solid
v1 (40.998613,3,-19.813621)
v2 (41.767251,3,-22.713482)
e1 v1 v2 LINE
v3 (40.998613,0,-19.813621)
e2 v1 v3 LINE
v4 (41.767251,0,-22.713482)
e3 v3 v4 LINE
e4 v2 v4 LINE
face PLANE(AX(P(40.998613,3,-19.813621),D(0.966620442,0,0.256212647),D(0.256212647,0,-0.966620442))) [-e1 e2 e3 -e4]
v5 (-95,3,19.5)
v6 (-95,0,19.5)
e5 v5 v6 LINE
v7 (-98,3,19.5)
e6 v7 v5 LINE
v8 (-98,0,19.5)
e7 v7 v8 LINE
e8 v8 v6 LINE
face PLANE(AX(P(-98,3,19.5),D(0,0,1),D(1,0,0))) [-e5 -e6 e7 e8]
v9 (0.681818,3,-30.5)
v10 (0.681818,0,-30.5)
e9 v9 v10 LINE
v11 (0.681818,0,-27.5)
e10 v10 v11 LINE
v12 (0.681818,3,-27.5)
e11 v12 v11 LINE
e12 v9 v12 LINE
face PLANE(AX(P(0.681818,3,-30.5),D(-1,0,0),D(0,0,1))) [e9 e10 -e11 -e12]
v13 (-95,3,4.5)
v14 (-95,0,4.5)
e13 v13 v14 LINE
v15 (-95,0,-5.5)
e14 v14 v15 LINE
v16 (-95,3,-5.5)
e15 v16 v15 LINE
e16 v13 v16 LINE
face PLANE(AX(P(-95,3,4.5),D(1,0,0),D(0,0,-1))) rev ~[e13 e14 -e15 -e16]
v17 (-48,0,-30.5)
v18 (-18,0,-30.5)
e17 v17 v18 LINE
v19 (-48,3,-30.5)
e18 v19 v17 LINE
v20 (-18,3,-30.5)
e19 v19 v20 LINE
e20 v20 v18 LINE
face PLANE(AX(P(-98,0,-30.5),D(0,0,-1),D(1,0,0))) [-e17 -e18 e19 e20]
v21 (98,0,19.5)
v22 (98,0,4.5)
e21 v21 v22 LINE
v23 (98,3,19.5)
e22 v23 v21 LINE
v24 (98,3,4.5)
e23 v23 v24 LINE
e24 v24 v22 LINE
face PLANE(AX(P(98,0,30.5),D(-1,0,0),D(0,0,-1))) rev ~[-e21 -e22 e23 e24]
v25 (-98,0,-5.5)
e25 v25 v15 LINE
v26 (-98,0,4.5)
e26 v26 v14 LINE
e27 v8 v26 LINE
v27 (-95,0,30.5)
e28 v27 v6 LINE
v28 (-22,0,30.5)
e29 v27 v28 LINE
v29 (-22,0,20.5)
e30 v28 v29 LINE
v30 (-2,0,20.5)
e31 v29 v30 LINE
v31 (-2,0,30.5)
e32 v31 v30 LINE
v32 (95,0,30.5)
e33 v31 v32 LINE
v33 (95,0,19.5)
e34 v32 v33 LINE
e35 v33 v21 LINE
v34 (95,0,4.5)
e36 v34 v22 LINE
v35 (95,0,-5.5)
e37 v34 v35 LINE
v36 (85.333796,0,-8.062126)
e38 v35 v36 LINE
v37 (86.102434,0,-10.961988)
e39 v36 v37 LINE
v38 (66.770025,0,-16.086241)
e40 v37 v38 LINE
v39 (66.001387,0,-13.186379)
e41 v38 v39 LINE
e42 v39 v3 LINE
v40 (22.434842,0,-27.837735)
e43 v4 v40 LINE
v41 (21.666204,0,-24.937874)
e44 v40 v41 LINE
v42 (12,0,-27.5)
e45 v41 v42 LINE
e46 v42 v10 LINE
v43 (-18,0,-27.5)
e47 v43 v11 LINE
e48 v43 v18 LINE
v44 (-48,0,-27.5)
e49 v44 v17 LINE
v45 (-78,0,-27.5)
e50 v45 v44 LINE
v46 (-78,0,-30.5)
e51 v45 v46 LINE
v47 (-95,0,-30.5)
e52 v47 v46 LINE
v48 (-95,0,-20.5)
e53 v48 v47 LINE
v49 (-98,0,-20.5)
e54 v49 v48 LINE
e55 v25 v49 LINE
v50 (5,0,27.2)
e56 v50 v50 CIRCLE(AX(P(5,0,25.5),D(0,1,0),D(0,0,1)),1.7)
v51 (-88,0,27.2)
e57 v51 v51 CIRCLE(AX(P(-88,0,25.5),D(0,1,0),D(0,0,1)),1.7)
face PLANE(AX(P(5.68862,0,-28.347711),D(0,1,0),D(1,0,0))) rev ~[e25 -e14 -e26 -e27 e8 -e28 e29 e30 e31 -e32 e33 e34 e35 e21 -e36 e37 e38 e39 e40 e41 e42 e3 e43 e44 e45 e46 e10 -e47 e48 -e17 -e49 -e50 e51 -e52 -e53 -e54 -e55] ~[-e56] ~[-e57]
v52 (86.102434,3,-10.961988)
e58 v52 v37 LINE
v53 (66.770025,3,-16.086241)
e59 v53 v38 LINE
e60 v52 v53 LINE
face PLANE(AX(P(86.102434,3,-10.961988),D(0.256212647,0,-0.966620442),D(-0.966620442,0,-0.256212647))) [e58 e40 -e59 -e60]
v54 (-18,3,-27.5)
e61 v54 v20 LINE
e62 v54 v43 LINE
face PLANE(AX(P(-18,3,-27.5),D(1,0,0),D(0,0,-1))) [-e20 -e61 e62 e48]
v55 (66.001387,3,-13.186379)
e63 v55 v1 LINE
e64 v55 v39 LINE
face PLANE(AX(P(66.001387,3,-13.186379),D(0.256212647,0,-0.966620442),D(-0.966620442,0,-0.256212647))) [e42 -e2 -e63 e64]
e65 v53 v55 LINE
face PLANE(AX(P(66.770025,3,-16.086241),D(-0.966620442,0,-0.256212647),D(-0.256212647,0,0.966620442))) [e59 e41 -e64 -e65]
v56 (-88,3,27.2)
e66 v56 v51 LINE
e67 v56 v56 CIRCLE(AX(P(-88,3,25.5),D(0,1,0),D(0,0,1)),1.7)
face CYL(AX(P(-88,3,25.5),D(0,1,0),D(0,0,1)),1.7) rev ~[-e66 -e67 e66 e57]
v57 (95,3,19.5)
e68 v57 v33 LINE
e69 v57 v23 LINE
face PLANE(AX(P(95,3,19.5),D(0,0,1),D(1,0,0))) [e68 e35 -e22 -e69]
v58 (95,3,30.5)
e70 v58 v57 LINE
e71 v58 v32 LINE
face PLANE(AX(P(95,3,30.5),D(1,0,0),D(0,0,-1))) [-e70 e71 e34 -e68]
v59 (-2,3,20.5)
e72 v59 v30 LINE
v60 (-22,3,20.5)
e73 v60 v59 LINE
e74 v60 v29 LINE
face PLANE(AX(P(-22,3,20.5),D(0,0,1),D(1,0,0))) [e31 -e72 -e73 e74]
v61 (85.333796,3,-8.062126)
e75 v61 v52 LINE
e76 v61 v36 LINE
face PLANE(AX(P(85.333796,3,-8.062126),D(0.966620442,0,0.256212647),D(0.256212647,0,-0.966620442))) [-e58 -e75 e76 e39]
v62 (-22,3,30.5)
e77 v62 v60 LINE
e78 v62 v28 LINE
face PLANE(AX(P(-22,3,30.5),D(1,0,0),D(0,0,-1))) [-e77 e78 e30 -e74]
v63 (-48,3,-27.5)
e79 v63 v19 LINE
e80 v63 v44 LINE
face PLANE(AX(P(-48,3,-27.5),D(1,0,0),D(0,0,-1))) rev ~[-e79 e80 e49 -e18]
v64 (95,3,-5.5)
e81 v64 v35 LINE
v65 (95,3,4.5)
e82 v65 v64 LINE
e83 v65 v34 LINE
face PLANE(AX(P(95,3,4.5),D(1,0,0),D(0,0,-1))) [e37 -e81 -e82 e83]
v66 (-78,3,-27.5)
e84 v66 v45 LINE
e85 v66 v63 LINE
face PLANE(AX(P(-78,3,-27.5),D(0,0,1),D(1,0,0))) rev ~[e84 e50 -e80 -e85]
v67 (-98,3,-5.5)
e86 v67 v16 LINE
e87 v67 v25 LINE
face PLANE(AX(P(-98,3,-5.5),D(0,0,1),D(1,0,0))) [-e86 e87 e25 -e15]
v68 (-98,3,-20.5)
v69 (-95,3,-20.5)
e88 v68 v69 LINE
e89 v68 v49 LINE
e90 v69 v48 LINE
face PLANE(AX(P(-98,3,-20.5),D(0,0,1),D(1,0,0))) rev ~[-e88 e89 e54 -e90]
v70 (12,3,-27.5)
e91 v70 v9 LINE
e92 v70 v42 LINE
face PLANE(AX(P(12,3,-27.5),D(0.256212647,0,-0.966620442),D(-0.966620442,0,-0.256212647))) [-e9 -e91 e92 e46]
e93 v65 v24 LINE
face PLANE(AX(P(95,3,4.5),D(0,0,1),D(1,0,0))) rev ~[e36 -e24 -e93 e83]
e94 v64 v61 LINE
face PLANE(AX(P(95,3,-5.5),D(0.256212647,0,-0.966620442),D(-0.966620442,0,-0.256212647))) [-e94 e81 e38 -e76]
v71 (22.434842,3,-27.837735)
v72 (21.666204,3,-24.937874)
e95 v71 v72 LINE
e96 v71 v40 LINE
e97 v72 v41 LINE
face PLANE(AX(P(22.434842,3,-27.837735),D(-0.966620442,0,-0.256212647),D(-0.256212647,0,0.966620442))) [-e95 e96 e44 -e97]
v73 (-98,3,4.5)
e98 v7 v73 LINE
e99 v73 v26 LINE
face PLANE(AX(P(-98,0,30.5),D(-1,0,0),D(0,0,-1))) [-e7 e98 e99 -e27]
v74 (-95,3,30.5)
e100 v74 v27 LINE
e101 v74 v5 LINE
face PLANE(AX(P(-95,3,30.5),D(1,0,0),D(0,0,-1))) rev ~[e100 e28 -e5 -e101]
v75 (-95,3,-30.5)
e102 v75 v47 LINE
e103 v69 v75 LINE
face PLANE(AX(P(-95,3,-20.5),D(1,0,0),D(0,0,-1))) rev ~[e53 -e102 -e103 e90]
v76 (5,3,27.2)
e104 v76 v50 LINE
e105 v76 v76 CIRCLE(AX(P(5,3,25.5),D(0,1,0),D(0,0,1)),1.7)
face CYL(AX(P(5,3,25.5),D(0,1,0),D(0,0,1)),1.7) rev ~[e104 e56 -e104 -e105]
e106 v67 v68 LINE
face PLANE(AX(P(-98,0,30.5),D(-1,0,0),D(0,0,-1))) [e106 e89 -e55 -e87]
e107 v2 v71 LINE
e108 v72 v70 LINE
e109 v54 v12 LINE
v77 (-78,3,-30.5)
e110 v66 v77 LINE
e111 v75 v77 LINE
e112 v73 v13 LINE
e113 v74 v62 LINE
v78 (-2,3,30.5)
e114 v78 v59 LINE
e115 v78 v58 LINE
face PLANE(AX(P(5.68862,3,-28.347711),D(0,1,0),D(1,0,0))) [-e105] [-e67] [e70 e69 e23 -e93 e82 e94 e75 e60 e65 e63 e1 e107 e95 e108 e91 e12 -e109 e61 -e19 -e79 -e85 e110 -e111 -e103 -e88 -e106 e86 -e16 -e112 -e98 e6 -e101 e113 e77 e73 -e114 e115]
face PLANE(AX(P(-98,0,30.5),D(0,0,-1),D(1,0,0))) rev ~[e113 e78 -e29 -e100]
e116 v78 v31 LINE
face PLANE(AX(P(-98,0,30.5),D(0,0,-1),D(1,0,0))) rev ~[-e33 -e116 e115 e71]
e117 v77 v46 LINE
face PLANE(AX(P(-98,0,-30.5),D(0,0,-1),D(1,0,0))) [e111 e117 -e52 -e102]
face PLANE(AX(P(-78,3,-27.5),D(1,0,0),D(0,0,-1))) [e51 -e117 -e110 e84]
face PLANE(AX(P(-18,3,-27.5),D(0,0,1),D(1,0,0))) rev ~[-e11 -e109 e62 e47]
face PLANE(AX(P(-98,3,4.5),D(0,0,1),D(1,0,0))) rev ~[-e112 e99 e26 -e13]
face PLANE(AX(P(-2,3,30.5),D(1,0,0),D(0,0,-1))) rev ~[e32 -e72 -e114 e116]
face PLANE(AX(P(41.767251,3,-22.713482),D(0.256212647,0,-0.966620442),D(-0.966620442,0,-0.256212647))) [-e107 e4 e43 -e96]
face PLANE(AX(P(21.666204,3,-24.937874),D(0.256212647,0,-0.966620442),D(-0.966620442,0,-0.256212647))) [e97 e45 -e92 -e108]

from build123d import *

# Parameters (mm, degrees)
SKETCH1_W           = 196
SKETCH1_H           = 61
BOSS_EXTRUDE1_DEPTH = 3
SKETCH2_R           = 1.7
SKETCH2_W           = 3
SKETCH2_H           = 10
SKETCH2_H_2         = 11
SKETCH2_W_2         = 30
SKETCH2_H_3         = 3
SKETCH2_W_3         = 20
CUT_EXTRUDE1_DEPTH  = 3
CUT_EXTRUDE2_DEPTH  = 10
BOSS_EXTRUDE2_DEPTH = 3


with BuildPart() as part:
    # Sketch1 → Boss-Extrude1 (new body)
    with BuildSketch(Plane(origin=(0, 0, 0), x_dir=(1, 0, 0), z_dir=(0, 1, 0))):
        Rectangle(SKETCH1_W, SKETCH1_H)
    extrude(amount=BOSS_EXTRUDE1_DEPTH)

    # Sketch2 → Cut-Extrude1 (cut)
    with BuildSketch(Plane(origin=(0, 3, 0), x_dir=(1, 0, 0), z_dir=(0, 1, 0))):
        with Locations(Location((-88, -25.5, 0), (0, 0, 270))):
            Circle(SKETCH2_R)
        with Locations(Location((5, -25.5, 0), (0, 0, 270))):
            Circle(SKETCH2_R)
        with Locations((-96.5, 25.5)):
            Rectangle(SKETCH2_W, SKETCH2_H)
        with Locations((-96.5, 0.5)):
            Rectangle(SKETCH2_W, SKETCH2_H)
        with Locations((-96.5, -25)):
            Rectangle(SKETCH2_W, SKETCH2_H_2)
        with Locations((96.5, 0.5)):
            Rectangle(SKETCH2_W, SKETCH2_H)
        with Locations((96.5, -25)):
            Rectangle(SKETCH2_W, SKETCH2_H_2)
        with Locations((57, 29)):
            Rectangle(SKETCH2_W_2, SKETCH2_H_3)
        with Locations((-12, -25.5)):
            Rectangle(SKETCH2_W_3, SKETCH2_H)
        with Locations((-63, 29)):
            Rectangle(SKETCH2_W_2, SKETCH2_H_3)
        with Locations((-3, 29)):
            Rectangle(SKETCH2_W_2, SKETCH2_H_3)
        with Locations((96.5, 25.5)):
            Rectangle(SKETCH2_W, SKETCH2_H)
    extrude(amount=-CUT_EXTRUDE1_DEPTH, mode=Mode.SUBTRACT)

    # Sketch3 → Cut-Extrude2 (cut)
    with BuildSketch(Plane(origin=(0, 3, 0), x_dir=(1, 0, 0), z_dir=(0, 1, 0))):
        Polygon((12, 30.5), (98, 30.5), (98, 5.5), (95, 5.5), (85.333795578, 8.062126473), (86.10243352, 10.9619878), (66.770024675, 16.086240747), (66.001386733, 13.18637942), (40.998613267, 19.81362058), (41.767251209, 22.713481907), (22.434842364, 27.837734853), (21.666204422, 24.937873527), (12, 27.5), align=None)
    extrude(amount=-CUT_EXTRUDE2_DEPTH, mode=Mode.SUBTRACT)

    # Sketch4 → Boss-Extrude2 (add)
    with BuildSketch(Plane(origin=(0, 3, 0), x_dir=(1, 0, 0), z_dir=(0, 1, 0))):
        Polygon((12, 27.5), (0.681818182, 30.5), (0.681818182, 27.5), align=None)
    extrude(amount=-BOSS_EXTRUDE2_DEPTH)


solid = part.part
